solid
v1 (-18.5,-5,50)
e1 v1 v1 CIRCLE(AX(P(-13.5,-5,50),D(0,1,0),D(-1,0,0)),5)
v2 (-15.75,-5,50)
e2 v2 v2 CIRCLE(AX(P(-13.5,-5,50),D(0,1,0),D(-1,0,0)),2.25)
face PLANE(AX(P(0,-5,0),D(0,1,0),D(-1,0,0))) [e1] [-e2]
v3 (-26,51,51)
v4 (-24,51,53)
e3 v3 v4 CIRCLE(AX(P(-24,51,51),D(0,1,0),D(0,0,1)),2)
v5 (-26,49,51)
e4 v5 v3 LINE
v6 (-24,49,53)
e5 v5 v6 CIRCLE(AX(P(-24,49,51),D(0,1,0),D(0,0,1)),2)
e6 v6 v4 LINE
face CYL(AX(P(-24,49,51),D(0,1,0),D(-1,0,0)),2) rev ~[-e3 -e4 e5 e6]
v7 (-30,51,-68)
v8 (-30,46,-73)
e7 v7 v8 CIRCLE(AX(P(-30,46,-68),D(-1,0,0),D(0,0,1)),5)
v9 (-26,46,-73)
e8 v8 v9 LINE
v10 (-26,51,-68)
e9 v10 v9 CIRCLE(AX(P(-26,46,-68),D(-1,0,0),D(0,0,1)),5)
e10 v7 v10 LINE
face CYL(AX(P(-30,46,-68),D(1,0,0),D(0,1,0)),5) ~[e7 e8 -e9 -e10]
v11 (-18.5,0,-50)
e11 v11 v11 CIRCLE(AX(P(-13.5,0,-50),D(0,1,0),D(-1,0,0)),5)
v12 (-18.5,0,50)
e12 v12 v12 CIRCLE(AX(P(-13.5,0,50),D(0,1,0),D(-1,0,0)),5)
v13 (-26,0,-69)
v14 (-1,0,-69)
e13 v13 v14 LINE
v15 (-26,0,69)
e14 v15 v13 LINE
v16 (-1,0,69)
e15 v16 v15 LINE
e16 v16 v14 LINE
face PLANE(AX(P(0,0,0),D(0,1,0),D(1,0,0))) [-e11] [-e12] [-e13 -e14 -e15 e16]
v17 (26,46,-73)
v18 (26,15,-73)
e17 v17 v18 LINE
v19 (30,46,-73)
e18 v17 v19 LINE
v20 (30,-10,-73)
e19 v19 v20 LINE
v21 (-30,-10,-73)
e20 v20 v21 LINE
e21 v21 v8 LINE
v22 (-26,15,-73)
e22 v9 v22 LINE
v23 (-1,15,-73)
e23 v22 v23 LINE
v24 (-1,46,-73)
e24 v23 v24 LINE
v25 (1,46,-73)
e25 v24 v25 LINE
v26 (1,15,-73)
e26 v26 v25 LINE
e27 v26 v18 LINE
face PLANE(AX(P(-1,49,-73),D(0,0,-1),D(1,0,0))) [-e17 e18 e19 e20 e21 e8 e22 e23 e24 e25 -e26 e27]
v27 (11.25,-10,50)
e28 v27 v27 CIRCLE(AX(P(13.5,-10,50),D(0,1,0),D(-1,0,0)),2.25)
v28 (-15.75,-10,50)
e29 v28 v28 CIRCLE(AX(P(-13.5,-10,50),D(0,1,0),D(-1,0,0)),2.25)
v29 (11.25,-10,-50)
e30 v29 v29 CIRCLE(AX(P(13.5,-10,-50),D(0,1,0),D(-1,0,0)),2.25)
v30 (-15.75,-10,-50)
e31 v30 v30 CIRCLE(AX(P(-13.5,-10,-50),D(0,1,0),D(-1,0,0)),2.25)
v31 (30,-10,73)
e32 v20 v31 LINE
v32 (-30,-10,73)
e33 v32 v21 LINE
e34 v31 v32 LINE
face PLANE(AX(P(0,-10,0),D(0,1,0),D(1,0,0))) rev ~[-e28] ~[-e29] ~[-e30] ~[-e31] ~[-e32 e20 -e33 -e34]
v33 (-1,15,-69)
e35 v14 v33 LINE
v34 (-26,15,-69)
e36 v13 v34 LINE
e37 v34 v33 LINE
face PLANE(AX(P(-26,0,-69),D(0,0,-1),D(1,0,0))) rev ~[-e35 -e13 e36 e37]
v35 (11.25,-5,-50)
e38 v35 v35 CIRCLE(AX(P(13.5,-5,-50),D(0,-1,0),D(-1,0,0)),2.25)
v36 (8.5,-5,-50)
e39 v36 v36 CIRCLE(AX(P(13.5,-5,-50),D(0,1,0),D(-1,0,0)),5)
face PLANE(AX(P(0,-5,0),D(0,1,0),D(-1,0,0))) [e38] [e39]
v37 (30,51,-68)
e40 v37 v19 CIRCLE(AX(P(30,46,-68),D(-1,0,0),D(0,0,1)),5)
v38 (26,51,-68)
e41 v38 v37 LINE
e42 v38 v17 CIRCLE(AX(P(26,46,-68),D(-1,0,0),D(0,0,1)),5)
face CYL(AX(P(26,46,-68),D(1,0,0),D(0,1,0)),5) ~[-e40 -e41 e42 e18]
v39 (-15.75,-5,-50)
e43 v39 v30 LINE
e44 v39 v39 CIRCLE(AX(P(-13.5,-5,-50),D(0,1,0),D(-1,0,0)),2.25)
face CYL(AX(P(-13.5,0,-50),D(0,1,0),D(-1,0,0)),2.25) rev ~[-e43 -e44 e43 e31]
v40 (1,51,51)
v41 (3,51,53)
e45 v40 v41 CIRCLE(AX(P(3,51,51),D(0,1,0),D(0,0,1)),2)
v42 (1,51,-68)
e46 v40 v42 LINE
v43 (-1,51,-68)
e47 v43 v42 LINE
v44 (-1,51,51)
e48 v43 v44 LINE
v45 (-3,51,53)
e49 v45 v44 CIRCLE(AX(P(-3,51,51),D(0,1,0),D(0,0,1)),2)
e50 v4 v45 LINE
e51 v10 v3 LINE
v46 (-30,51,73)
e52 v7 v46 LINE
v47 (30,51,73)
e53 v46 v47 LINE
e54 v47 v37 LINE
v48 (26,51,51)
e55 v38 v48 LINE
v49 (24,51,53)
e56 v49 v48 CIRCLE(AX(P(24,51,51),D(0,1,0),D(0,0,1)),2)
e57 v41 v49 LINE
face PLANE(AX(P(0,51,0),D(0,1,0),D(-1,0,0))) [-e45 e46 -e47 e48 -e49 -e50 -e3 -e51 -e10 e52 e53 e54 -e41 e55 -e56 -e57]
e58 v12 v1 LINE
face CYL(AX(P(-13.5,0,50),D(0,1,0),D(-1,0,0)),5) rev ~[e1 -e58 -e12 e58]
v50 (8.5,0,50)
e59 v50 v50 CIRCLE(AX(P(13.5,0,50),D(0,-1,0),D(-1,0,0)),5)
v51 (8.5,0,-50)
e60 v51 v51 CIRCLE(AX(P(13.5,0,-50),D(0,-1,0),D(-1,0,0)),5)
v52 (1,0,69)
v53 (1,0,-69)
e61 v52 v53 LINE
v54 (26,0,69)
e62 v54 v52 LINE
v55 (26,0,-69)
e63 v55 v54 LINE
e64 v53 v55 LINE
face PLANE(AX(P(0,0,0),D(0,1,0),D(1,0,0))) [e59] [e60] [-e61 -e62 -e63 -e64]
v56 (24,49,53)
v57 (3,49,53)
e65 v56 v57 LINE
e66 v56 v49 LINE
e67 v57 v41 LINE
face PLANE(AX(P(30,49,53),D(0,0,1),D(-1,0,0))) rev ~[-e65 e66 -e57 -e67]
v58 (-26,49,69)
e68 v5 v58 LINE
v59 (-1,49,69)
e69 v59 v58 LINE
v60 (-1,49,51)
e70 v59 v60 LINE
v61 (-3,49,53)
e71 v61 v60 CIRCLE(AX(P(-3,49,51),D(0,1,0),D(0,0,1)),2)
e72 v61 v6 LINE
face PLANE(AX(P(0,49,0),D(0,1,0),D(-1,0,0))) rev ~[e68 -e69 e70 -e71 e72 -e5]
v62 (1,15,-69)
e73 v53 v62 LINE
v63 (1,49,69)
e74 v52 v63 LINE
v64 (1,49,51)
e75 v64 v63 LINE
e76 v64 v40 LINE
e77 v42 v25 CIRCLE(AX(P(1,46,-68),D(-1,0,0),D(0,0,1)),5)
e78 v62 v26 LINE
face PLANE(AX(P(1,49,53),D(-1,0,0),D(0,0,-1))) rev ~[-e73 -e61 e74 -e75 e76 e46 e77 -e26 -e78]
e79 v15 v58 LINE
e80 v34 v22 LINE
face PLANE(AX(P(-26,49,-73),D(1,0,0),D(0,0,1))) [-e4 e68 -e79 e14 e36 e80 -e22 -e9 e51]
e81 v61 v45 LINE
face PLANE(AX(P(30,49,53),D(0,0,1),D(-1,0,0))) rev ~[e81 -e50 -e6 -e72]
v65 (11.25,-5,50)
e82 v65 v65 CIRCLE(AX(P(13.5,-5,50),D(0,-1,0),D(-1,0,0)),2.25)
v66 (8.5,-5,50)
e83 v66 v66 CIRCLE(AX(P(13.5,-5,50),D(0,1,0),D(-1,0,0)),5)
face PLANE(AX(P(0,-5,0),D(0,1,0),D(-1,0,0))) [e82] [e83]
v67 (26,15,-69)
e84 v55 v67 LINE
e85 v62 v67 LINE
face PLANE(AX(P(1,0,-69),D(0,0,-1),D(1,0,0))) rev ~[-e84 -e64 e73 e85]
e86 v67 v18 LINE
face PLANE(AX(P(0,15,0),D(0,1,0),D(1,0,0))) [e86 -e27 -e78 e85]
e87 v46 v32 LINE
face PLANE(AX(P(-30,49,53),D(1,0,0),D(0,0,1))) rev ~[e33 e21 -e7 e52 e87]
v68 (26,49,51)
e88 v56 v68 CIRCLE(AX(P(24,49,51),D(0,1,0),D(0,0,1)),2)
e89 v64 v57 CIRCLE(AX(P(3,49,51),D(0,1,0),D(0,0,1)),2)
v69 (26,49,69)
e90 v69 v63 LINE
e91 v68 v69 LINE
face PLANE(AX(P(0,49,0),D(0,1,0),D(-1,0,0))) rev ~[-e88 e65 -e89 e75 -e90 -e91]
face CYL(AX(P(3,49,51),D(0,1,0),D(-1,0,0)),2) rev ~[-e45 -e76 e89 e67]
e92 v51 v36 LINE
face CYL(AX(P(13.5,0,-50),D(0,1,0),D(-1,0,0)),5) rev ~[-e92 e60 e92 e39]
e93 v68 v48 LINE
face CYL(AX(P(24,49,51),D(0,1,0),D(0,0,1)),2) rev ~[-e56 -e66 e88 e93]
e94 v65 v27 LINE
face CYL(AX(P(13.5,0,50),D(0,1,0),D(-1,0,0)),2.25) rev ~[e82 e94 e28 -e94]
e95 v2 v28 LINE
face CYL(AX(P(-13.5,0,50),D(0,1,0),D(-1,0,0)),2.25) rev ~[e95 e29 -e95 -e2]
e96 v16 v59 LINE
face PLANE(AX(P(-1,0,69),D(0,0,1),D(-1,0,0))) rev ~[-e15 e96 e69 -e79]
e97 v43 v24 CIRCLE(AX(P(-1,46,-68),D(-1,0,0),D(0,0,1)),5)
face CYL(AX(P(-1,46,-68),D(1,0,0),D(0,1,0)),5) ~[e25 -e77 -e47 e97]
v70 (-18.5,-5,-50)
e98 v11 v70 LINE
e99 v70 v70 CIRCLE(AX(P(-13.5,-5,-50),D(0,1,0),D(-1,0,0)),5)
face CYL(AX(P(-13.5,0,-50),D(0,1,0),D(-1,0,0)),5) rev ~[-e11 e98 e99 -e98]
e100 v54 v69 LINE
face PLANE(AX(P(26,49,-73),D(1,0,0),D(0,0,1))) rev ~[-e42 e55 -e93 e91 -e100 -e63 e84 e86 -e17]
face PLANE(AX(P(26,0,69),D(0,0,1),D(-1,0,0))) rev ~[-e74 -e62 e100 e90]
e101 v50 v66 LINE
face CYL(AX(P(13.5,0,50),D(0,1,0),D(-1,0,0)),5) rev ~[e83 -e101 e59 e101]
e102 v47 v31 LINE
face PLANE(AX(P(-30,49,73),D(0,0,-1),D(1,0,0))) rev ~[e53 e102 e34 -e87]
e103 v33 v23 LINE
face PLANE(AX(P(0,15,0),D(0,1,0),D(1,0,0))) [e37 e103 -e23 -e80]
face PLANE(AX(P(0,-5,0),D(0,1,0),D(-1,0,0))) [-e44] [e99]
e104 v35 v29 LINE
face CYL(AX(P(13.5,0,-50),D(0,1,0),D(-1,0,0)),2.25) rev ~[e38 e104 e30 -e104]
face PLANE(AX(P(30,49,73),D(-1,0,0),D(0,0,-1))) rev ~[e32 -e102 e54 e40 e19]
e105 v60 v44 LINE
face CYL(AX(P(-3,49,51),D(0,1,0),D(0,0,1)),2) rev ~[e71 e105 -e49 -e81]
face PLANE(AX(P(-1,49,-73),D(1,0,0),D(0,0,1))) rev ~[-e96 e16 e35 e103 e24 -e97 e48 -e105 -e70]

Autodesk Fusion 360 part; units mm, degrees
sketch "Sketch1" plane through (0, 0, 0) normal (0, 1, 0) x (1, 0, 0)
  line L0 (-30, 73) -> (30, 73)
  line L1 (30, 73) -> (30, -73)
  line L2 (30, -73) -> (-30, -73)
  line L3 (-30, -73) -> (-30, 73)
  line L4 (-26, 69) -> (-1, 69)
  line L5 (-1, 69) -> (-1, -69)
  line L6 (-1, -69) -> (-26, -69)
  line L7 (-26, -69) -> (-26, 69)
  line L8 (-26, 69) -> (26, 69)
  line L9 (26, 69) -> (26, -69)
  line L10 (26, -69) -> (-26, -69)
  line L11 (-26, -69) -> (-26, 69)
  line L12 (30, -73) -> (-30, 73) construction
  line L13 (26, 69) -> (1, 69)
  line L14 (1, 69) -> (1, -69)
  line L15 (26, -64) -> (26, 69)
  line L16 (-26, 69) -> (-26, 73)
  line L17 (26, 69) -> (26, 73)
  line L18 (-1, 69) -> (-1, 73)
  line L19 (1, 69) -> (1, 73)
  dimension "d1" = 60
  dimension "d2" = 146
  dimension "d3" = 25
  dimension "d4" = 138
  dimension "d5" = 4
  dimension "d6" = 25
  dimension "d7" = 133
extrude "Extrude1" add sketch "Sketch1" along normal blind 49 contours L0 L1 L2 L3 L6 L7 L9 L10 L11 L15 L16 L17 | L0 L8 L18 L19 | L5 L8 L10 L14
extrude "Extrude2" add sketch "Sketch1" against normal blind 10
extrude "Extrude3" add sketch "Sketch1" along normal blind 15 contours L0 L4 L8 L16 L18 | L0 L8 L13 L17 L19
sketch "Sketch2" plane through (0, 49, 0) normal (0, 1, 0) x (-1, 0, 0)
  line L0 (-1, 69) -> (-1, -73)
  line L1 (-1, -73) -> (1, -73)
  line L2 (1, -73) -> (1, 69)
  line L3 (1, 69) -> (26, 69)
  line L4 (26, 69) -> (26, -73)
  line L5 (26, -73) -> (30, -73)
  line L6 (30, -73) -> (30, 73)
  line L7 (30, 73) -> (-30, 73)
  line L8 (-30, 73) -> (-30, -73)
  line L9 (-30, -73) -> (-26, -73)
  line L10 (-26, -73) -> (-26, 69)
  line L11 (-26, 69) -> (-1, 69)
  line L12 (30, 73) -> (-30, 73)
  line L13 (-30, 73) -> (-30, 53)
  line L14 (-30, 53) -> (30, 53)
  line L15 (30, 53) -> (30, 73)
  dimension "d14" = 20
extrude "Extrude4" add sketch "Sketch2" along normal blind 2 contours L0 L2 L3 L4 L6 L7 L8 L10 L11 L12 L13 L14 L15 | L0 L10 L11 L14 | L2 L3 L4 L14
extrude "Extrude5" add 3 faces at (28.6667, 49, 11) (0.3333, 49, -31) (-27.3333, 49, -31) along direction (0, 1, 0) blind 2
fillet "Fillet1" radius 5 3 edges at (28, 51, -73) (0, 51, -73) (-28, 51, -73)
fillet "Fillet2" radius 2 4 edges at (1, 50, 53) (-26, 50, 53) (-1, 50, 53) (26, 50, 53)
sketch "Sketch3" plane through (0, 0, 0) normal (0, 1, 0) x (-1, 0, 0)
  line L0 (1, -69) -> (26, -69)
  line L1 (26, -69) -> (26, 69)
  line L2 (26, 69) -> (1, 69)
  line L3 (1, 69) -> (1, -69)
  circle A0 centre (13.5, -50) radius 2.25
  circle A1 centre (13.5, 50) radius 2.25
  line L4 (13.5, -50) -> (13.5, 50)
  line L5 (26, 0) -> (1, 0)
  dimension "d24" = 4.5
  dimension "d26" = 4.5
  dimension "d43" = 100
extrude "Extrude6" cut sketch "Sketch3" against normal blind 10 contours A0 | A1
sketch "Sketch4" plane through (0, 0, 0) normal (0, 1, 0) x (-1, 0, 0)
  circle A0 centre (13.5, -50) radius 2.25
  circle A1 centre (13.5, 50) radius 2.25
  line L0 (1, -69) -> (26, -69)
  line L1 (26, -69) -> (26, 69)
  line L2 (26, 69) -> (1, 69)
  line L3 (1, 69) -> (1, -69)
  circle A2 centre (13.5, -50) radius 5
  circle A3 centre (13.5, 50) radius 5
  dimension "d29" = 10
  dimension "d30" = 10
extrude "Extrude7" cut sketch "Sketch4" against normal blind 5 contours A2 | A3
sketch "Sketch5" plane through (0, 0, 0) normal (0, 1, 0) x (-1, 0, 0)
  line L0 (-26, -69) -> (-1, -69)
  line L1 (-1, -69) -> (-1, 69)
  line L2 (-1, 69) -> (-26, 69)
  line L3 (-26, 69) -> (-26, -69)
  circle A0 centre (-13.5, -50) radius 2.25
  circle A1 centre (-13.5, 50) radius 2.25
  circle A2 centre (-13.5, -50) radius 5
  circle A3 centre (-13.5, 50) radius 5
  line L4 (-13.5, 50) -> (-13.5, -50)
  line L5 (-1, 0) -> (-26, 0)
  dimension "d35" = 4.5
  dimension "d36" = 4.5
  dimension "d37" = 10
  dimension "d38" = 10
  dimension "d44" = 100
extrude "Extrude8" cut sketch "Sketch5" against normal blind 10 contours A0 | A1
extrude "Extrude9" cut sketch "Sketch5" against normal blind 5 contours A2 | A3
equation "d1 = ( 25 * 2 ) * 1 mm + 10 mm"
equation "d2 = 138 mm + 8 mm"
